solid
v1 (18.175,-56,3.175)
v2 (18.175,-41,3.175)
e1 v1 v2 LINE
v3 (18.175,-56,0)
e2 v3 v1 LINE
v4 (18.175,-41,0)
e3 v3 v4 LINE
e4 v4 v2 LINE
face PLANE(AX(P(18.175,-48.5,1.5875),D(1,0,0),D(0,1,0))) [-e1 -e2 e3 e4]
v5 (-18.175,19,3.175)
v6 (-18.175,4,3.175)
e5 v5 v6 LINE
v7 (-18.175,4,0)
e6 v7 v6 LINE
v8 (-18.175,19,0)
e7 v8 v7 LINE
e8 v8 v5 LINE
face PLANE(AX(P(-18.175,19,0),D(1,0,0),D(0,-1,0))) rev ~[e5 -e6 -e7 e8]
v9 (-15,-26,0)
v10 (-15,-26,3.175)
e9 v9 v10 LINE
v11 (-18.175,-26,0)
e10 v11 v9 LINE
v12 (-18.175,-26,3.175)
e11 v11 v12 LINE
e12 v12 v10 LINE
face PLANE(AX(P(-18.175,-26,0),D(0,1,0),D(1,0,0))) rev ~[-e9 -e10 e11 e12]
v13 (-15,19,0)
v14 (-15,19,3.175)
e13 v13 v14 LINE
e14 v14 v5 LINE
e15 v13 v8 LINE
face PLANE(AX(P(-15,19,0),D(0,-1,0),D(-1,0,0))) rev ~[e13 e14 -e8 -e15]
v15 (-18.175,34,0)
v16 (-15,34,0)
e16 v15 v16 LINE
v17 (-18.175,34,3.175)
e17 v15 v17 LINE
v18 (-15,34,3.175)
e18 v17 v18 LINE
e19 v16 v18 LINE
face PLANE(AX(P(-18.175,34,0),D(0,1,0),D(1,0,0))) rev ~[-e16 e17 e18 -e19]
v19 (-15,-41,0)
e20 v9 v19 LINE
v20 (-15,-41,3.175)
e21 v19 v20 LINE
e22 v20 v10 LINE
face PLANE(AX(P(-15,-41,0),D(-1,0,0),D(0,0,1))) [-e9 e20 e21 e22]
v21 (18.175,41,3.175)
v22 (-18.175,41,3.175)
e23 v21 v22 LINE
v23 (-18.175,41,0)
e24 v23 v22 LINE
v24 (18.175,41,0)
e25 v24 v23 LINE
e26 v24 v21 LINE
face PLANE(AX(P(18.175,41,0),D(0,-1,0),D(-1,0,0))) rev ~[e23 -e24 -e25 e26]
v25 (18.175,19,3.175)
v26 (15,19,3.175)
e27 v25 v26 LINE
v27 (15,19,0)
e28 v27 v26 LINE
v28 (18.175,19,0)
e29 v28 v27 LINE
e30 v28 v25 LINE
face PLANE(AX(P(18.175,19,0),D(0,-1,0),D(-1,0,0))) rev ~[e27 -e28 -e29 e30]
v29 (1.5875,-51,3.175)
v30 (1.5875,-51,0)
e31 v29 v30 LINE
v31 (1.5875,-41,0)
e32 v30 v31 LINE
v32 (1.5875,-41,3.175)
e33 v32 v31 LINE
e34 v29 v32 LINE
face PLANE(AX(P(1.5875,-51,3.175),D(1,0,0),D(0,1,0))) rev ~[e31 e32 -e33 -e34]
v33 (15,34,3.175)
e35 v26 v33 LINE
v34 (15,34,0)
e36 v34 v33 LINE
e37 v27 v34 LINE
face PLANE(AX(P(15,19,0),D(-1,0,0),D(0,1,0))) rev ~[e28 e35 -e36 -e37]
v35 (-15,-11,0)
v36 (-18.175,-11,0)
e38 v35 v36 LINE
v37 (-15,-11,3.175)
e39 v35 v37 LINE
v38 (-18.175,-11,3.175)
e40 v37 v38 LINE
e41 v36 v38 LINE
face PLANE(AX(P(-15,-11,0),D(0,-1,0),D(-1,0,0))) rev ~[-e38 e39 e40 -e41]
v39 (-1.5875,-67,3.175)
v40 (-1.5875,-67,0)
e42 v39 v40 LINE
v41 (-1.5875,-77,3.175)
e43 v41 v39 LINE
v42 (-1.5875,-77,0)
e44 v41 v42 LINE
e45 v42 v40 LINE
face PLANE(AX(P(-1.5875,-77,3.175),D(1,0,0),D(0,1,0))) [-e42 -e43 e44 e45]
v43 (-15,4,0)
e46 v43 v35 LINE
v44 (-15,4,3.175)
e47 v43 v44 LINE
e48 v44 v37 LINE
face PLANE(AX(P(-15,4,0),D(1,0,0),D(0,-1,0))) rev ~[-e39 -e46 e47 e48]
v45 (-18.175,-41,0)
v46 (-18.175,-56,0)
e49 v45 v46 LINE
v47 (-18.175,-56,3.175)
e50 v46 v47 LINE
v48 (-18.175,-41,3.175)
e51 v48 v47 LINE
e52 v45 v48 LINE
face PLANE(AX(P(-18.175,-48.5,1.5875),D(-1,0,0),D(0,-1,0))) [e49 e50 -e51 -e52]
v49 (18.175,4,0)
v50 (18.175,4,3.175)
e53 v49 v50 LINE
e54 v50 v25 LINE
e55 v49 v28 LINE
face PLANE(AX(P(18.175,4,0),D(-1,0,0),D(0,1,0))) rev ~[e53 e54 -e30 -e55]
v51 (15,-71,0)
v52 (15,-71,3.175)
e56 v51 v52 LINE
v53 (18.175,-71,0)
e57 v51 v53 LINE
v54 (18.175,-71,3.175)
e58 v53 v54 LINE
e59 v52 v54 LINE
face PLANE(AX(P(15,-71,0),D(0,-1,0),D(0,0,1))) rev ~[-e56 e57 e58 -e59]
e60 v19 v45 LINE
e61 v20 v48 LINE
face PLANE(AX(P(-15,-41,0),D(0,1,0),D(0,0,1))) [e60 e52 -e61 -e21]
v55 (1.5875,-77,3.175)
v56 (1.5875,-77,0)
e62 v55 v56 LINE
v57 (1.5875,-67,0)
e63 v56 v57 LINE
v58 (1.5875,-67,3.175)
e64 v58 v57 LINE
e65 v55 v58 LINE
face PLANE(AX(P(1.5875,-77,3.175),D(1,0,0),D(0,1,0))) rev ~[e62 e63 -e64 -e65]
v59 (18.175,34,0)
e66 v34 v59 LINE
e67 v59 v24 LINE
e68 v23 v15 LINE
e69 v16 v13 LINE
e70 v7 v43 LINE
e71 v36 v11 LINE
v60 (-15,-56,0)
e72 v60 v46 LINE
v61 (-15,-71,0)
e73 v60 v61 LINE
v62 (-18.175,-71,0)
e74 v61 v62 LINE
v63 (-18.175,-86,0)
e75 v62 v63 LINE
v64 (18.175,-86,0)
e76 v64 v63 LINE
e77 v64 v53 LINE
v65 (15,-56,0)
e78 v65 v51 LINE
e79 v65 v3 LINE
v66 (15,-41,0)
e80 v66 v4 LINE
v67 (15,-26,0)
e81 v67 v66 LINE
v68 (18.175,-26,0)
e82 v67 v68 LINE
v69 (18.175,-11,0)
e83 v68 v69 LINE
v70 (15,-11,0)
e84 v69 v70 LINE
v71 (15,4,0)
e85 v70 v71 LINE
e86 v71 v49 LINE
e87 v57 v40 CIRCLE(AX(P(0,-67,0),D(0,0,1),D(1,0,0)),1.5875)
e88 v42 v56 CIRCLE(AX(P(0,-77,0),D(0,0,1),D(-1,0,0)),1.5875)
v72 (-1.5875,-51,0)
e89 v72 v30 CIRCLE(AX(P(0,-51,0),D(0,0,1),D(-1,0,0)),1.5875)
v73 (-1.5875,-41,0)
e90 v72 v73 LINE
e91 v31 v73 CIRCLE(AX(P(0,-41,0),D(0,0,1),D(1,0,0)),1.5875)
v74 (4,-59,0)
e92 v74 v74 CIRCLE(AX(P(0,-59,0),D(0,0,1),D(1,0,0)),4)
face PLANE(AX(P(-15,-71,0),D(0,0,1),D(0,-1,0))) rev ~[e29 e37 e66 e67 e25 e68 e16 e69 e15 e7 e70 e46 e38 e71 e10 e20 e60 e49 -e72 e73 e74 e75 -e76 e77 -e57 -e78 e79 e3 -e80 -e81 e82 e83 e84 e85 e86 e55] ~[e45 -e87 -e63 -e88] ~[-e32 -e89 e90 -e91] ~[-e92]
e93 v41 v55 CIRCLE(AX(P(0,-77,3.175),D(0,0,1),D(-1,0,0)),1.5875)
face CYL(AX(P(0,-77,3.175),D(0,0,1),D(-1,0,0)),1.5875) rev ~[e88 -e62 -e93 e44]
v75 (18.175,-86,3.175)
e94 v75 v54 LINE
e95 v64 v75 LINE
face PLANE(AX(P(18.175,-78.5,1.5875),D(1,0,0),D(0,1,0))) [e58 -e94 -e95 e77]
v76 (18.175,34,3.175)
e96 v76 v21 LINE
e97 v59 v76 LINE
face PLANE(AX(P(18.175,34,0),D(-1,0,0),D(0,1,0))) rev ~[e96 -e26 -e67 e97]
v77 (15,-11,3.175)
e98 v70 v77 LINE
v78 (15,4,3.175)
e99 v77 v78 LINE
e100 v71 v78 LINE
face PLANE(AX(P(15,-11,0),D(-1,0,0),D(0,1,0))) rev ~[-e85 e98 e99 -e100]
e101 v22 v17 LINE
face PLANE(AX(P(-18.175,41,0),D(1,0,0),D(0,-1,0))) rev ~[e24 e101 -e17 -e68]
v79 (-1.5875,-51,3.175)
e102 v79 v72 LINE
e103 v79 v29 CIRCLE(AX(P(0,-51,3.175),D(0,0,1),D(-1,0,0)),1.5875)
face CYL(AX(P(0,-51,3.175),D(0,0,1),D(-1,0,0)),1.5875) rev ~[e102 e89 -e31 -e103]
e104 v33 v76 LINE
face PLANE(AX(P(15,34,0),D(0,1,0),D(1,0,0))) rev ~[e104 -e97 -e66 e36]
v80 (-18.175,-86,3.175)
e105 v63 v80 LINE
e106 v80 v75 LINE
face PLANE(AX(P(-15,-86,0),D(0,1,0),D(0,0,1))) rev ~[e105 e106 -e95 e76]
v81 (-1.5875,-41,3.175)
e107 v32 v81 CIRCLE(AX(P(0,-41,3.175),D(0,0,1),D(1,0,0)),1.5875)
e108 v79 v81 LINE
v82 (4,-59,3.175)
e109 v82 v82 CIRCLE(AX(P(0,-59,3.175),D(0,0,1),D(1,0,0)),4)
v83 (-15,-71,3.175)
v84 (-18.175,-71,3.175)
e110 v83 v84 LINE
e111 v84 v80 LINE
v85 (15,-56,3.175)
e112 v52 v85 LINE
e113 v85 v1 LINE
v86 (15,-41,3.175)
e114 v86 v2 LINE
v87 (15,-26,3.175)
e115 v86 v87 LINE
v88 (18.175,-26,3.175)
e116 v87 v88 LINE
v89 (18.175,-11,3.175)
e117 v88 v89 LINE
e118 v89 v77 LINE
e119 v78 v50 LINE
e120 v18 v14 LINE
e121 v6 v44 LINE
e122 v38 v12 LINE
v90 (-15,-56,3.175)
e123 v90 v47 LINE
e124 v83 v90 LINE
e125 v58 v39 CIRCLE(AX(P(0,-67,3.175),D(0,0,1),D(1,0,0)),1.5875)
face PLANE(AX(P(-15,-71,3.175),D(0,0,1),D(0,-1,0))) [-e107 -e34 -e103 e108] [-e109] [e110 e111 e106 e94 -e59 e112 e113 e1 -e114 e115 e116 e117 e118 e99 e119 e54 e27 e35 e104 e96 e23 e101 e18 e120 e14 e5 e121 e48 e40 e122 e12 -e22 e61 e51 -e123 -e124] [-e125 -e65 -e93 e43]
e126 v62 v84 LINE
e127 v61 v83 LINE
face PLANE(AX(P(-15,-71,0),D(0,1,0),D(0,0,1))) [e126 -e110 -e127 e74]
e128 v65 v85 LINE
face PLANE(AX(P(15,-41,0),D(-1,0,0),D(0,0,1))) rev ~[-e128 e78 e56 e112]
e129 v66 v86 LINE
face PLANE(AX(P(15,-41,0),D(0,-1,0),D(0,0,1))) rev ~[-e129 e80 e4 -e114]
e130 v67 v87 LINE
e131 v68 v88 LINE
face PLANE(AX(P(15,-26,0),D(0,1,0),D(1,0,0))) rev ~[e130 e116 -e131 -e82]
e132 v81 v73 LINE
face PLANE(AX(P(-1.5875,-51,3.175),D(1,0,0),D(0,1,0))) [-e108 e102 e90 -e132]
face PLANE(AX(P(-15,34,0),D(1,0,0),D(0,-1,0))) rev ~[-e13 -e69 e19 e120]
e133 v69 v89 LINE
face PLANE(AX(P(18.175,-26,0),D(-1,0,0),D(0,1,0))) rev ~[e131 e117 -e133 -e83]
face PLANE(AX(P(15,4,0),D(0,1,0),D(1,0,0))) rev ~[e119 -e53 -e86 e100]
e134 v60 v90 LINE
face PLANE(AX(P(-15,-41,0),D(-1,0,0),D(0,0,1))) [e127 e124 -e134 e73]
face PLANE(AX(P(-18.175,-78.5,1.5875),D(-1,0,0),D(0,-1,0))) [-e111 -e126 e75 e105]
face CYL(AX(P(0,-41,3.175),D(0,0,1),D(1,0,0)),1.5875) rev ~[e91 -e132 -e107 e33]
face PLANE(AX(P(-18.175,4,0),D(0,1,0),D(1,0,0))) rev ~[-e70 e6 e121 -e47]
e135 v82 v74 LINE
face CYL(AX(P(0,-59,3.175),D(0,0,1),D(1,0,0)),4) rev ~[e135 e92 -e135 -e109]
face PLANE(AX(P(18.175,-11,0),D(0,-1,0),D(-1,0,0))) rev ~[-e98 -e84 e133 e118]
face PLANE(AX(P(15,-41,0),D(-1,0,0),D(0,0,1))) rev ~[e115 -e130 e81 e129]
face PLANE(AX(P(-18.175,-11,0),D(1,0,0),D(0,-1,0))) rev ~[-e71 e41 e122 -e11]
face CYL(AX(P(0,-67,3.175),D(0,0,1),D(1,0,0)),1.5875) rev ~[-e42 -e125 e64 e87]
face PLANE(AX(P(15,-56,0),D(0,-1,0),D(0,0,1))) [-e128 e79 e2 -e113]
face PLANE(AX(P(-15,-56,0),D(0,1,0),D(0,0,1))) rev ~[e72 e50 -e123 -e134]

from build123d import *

# Parameters (mm, degrees)
F1_DEPTH  = 3.175
F1_FACE_W = 30
F1_FACE_H = 3.175
F2_DEPTH  = 45
F3_R      = 4
F3_W      = 3.175
F3_H      = 10
F4_DEPTH  = 25
F5_W      = 15
F5_H      = 3.175
F6_DEPTH  = 3.175
F7_W      = 15
F7_H      = 3.175
F8_DEPTH  = 3.175


with BuildPart() as f1:
    # F0 (on Top) → F1 (new body)
    with BuildSketch(Plane.XY):
        Polygon((-15, -41), (15, -41), (15, -26), (18.175, -26), (18.175, -11), (15, -11), (15, 4), (18.175, 4), (18.175, 19), (15, 19), (15, 34), (18.175, 34), (18.175, 41), (-18.175, 41), (-18.175, 34), (-15, 34), (-15, 19), (-18.175, 19), (-18.175, 4), (-15, 4), (-15, -11), (-18.175, -11), (-18.175, -26), (-15, -26), align=None)
    extrude(amount=F1_DEPTH)

    # F1_face (on face) → F2 (join)
    with BuildSketch(Plane(origin=(0, -41, 1.5875), x_dir=(1, 0, 0), z_dir=(0, -1, 0))):
        Rectangle(F1_FACE_W, F1_FACE_H)
    extrude(amount=F2_DEPTH)

    # F3 (on face) → F4 (cut)
    with BuildSketch(Plane.XY.offset(3.175)):
        with Locations((0, -59)):
            Circle(F3_R)
        with BuildLine():
            ThreePointArc((-1.5875, -51), (0, -52.5875), (1.5875, -51))
            Line((1.5875, -51), (-1.5875, -51))
        make_face()
        with Locations((0, -46)):
            Rectangle(F3_W, F3_H)
        with BuildLine():
            Line((-1.5875, -41), (1.5875, -41))
            ThreePointArc((1.5875, -41), (0, -39.4125), (-1.5875, -41))
        make_face()
        with BuildLine():
            ThreePointArc((-1.5875, -77), (0, -78.5875), (1.5875, -77))
            Line((1.5875, -77), (-1.5875, -77))
        make_face()
        with Locations((0, -72)):
            Rectangle(F3_W, F3_H)
        with BuildLine():
            Line((-1.5875, -67), (1.5875, -67))
            ThreePointArc((1.5875, -67), (0, -65.4125), (-1.5875, -67))
        make_face()
    extrude(amount=-F4_DEPTH, mode=Mode.SUBTRACT)

    # F5 (on face) → F6 (join)
    with BuildSketch(Plane.YZ.offset(15)):
        with Locations((-78.5, 1.5875)):
            Rectangle(F5_W, F5_H)
        with Locations((-48.5, 1.5875)):
            Rectangle(F5_W, F5_H)
    extrude(amount=F6_DEPTH)

    # F7 (on face) → F8 (join)
    with BuildSketch(Plane(origin=(-15, 0, 0), x_dir=(0, -1, 0), z_dir=(-1, 0, 0))):
        with Locations((48.5, 1.5875)):
            Rectangle(F7_W, F7_H)
        with Locations((78.5, 1.5875)):
            Rectangle(F7_W, F7_H)
    extrude(amount=F8_DEPTH)


solid = f1.part
